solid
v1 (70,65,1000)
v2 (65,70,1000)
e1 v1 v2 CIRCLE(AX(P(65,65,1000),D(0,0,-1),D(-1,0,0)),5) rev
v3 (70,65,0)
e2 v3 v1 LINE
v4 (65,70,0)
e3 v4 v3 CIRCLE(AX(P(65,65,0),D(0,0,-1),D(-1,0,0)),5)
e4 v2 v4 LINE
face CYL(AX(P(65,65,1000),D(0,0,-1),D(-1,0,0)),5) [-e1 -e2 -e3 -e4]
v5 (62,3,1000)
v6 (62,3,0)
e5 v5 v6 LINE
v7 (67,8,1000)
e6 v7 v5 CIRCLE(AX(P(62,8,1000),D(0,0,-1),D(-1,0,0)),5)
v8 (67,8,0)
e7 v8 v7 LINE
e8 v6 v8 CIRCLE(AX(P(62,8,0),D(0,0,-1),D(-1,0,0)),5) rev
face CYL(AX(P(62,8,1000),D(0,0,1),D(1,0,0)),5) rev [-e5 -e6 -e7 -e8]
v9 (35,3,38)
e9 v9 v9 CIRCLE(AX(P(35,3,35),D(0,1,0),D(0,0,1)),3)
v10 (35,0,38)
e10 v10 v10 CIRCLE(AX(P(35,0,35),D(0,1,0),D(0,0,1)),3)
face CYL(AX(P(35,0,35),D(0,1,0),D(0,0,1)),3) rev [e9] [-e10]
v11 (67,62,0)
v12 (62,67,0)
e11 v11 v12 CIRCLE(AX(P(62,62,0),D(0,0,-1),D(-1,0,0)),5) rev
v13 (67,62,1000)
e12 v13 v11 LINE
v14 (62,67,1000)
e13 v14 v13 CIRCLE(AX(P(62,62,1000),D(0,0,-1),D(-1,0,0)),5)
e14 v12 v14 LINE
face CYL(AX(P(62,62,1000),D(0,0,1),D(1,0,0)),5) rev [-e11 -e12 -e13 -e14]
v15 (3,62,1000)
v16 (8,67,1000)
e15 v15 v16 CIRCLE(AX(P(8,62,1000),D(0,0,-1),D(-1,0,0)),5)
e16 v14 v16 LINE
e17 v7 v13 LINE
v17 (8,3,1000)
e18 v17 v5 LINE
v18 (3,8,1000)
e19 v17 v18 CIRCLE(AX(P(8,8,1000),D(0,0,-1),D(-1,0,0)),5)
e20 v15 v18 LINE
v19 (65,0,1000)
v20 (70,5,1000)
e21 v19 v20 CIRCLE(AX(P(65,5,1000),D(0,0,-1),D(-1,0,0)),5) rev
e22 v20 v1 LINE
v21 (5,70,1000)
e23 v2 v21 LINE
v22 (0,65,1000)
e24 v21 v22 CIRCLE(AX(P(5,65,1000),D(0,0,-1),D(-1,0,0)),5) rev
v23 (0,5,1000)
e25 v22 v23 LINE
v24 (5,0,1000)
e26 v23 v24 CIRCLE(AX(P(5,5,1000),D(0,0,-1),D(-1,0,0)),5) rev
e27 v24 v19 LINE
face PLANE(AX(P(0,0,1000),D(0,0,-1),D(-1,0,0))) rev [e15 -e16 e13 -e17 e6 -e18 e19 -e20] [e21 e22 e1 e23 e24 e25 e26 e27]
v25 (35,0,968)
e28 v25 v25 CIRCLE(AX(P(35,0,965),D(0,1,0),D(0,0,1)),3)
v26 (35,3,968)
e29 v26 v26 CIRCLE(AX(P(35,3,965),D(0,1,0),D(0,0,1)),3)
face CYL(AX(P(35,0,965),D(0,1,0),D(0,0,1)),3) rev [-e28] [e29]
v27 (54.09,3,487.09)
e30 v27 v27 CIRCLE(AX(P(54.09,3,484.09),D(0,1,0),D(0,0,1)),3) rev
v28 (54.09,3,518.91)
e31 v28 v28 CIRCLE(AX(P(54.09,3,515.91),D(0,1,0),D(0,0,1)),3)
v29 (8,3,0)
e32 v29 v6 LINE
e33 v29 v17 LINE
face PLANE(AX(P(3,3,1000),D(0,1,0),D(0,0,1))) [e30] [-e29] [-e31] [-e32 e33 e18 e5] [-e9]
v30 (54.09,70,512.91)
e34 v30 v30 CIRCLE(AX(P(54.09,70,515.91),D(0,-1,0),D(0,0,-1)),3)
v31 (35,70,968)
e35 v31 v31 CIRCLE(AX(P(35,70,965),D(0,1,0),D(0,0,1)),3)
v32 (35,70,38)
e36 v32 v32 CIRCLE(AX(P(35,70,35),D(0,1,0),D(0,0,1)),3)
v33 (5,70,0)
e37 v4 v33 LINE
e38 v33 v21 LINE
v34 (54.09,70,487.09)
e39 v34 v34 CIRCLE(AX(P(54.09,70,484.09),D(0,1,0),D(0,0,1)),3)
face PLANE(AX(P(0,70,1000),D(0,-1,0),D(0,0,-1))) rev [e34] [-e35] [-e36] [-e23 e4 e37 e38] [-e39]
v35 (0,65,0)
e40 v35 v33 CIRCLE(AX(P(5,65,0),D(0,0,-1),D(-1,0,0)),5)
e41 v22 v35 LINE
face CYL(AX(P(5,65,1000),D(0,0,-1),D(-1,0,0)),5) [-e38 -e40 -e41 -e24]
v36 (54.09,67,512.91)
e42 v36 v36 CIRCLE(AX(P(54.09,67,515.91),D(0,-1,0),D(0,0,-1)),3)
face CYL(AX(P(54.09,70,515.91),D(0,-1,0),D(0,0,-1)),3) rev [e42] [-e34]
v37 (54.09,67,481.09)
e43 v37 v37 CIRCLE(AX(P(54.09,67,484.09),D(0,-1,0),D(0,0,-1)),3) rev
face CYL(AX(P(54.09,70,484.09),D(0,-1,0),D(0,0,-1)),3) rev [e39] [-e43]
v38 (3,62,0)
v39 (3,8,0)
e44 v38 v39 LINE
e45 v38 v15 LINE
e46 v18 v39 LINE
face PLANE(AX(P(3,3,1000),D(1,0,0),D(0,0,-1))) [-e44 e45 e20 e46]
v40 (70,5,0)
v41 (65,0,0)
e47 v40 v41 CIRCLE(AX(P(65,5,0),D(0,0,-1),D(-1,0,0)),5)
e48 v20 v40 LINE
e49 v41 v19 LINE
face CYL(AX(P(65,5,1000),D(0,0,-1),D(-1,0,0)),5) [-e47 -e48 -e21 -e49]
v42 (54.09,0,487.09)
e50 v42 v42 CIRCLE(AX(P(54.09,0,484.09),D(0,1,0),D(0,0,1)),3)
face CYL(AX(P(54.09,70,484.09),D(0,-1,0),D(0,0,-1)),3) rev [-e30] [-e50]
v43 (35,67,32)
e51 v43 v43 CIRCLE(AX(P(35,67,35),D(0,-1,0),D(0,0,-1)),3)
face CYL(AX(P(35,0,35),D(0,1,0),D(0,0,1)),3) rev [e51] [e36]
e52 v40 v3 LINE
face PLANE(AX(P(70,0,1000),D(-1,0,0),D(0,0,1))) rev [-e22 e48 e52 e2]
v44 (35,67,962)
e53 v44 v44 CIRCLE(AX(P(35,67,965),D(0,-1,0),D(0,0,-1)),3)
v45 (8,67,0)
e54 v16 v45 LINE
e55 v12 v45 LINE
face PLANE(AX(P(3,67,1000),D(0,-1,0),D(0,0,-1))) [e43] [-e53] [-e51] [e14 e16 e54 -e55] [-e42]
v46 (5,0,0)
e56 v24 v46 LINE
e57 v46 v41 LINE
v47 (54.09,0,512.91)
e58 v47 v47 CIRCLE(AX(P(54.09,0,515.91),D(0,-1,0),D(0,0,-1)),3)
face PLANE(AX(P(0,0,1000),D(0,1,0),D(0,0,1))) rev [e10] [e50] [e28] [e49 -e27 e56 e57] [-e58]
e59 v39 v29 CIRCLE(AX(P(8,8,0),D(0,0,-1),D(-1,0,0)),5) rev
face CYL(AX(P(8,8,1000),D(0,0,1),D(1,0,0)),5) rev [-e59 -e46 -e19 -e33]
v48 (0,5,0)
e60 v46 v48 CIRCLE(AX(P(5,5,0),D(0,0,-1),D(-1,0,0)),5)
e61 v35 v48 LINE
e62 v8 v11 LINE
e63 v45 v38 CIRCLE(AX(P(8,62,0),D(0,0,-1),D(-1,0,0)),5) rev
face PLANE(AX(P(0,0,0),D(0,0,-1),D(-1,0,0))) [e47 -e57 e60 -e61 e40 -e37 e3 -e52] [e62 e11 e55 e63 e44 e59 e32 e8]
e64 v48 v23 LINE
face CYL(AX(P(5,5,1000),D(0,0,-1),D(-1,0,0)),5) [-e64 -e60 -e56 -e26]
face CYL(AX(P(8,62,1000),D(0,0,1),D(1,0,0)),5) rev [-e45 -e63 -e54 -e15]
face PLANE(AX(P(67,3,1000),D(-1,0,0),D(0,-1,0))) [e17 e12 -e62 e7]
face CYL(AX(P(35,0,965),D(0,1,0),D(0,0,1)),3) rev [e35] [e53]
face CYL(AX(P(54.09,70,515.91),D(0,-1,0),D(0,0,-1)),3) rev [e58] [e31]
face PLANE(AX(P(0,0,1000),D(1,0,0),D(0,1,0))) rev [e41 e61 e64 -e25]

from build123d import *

# Parameters (mm, degrees)
SKETCH1_W           = 70
SKETCH1_H           = 70
SKETCH1_W_2         = 64
SKETCH1_H_2         = 64
BOSS_EXTRUDE1_DEPTH = 1000
FILLET1_R           = 5
SKETCH2_R           = 3
CUT_EXTRUDE1_DEPTH  = 70
SKETCH4_R           = 3
CUT_EXTRUDE2_DEPTH  = 70


with BuildPart() as part:
    # Sketch1 → Boss-Extrude1 (new body)
    with BuildSketch(Plane.XY):
        with Locations((35, 35)):
            Rectangle(SKETCH1_W, SKETCH1_H)
        with Locations((35, 35)):
            Rectangle(SKETCH1_W_2, SKETCH1_H_2, mode=Mode.SUBTRACT)
    extrude(amount=BOSS_EXTRUDE1_DEPTH)

    # Fillet1
    fillet1_edges = [part.edges().sort_by_distance(p)[0] for p in [
        (3, 67, 500),
        (3, 3, 500),
        (67, 3, 500),
        (67, 67, 500),
        (0, 70, 500),
        (70, 70, 500),
        (70, 0, 500),
        (0, 0, 500),
    ]]
    fillet(fillet1_edges, radius=FILLET1_R)

    # Sketch2 → Cut-Extrude1 (cut)
    with BuildSketch(Plane(origin=(0, 70, 0), x_dir=(1, 0, 0), z_dir=(0, 1, 0))):
        with Locations(Location((35, -965, 0), (0, 0, 270))):
            Circle(SKETCH2_R)
        with Locations(Location((35, -35, 0), (0, 0, 270))):
            Circle(SKETCH2_R)
    extrude(amount=-CUT_EXTRUDE1_DEPTH, mode=Mode.SUBTRACT)

    # Sketch4 → Cut-Extrude2 (cut)
    with BuildSketch(Plane.XZ):
        with Locations(Location((54.09, 515.91, 0), (0, 0, 270))):
            Circle(SKETCH4_R)
        with Locations(Location((54.09, 484.09, 0), (0, 0, 270))):
            Circle(SKETCH4_R)
    extrude(amount=-CUT_EXTRUDE2_DEPTH, mode=Mode.SUBTRACT)


solid = part.part
